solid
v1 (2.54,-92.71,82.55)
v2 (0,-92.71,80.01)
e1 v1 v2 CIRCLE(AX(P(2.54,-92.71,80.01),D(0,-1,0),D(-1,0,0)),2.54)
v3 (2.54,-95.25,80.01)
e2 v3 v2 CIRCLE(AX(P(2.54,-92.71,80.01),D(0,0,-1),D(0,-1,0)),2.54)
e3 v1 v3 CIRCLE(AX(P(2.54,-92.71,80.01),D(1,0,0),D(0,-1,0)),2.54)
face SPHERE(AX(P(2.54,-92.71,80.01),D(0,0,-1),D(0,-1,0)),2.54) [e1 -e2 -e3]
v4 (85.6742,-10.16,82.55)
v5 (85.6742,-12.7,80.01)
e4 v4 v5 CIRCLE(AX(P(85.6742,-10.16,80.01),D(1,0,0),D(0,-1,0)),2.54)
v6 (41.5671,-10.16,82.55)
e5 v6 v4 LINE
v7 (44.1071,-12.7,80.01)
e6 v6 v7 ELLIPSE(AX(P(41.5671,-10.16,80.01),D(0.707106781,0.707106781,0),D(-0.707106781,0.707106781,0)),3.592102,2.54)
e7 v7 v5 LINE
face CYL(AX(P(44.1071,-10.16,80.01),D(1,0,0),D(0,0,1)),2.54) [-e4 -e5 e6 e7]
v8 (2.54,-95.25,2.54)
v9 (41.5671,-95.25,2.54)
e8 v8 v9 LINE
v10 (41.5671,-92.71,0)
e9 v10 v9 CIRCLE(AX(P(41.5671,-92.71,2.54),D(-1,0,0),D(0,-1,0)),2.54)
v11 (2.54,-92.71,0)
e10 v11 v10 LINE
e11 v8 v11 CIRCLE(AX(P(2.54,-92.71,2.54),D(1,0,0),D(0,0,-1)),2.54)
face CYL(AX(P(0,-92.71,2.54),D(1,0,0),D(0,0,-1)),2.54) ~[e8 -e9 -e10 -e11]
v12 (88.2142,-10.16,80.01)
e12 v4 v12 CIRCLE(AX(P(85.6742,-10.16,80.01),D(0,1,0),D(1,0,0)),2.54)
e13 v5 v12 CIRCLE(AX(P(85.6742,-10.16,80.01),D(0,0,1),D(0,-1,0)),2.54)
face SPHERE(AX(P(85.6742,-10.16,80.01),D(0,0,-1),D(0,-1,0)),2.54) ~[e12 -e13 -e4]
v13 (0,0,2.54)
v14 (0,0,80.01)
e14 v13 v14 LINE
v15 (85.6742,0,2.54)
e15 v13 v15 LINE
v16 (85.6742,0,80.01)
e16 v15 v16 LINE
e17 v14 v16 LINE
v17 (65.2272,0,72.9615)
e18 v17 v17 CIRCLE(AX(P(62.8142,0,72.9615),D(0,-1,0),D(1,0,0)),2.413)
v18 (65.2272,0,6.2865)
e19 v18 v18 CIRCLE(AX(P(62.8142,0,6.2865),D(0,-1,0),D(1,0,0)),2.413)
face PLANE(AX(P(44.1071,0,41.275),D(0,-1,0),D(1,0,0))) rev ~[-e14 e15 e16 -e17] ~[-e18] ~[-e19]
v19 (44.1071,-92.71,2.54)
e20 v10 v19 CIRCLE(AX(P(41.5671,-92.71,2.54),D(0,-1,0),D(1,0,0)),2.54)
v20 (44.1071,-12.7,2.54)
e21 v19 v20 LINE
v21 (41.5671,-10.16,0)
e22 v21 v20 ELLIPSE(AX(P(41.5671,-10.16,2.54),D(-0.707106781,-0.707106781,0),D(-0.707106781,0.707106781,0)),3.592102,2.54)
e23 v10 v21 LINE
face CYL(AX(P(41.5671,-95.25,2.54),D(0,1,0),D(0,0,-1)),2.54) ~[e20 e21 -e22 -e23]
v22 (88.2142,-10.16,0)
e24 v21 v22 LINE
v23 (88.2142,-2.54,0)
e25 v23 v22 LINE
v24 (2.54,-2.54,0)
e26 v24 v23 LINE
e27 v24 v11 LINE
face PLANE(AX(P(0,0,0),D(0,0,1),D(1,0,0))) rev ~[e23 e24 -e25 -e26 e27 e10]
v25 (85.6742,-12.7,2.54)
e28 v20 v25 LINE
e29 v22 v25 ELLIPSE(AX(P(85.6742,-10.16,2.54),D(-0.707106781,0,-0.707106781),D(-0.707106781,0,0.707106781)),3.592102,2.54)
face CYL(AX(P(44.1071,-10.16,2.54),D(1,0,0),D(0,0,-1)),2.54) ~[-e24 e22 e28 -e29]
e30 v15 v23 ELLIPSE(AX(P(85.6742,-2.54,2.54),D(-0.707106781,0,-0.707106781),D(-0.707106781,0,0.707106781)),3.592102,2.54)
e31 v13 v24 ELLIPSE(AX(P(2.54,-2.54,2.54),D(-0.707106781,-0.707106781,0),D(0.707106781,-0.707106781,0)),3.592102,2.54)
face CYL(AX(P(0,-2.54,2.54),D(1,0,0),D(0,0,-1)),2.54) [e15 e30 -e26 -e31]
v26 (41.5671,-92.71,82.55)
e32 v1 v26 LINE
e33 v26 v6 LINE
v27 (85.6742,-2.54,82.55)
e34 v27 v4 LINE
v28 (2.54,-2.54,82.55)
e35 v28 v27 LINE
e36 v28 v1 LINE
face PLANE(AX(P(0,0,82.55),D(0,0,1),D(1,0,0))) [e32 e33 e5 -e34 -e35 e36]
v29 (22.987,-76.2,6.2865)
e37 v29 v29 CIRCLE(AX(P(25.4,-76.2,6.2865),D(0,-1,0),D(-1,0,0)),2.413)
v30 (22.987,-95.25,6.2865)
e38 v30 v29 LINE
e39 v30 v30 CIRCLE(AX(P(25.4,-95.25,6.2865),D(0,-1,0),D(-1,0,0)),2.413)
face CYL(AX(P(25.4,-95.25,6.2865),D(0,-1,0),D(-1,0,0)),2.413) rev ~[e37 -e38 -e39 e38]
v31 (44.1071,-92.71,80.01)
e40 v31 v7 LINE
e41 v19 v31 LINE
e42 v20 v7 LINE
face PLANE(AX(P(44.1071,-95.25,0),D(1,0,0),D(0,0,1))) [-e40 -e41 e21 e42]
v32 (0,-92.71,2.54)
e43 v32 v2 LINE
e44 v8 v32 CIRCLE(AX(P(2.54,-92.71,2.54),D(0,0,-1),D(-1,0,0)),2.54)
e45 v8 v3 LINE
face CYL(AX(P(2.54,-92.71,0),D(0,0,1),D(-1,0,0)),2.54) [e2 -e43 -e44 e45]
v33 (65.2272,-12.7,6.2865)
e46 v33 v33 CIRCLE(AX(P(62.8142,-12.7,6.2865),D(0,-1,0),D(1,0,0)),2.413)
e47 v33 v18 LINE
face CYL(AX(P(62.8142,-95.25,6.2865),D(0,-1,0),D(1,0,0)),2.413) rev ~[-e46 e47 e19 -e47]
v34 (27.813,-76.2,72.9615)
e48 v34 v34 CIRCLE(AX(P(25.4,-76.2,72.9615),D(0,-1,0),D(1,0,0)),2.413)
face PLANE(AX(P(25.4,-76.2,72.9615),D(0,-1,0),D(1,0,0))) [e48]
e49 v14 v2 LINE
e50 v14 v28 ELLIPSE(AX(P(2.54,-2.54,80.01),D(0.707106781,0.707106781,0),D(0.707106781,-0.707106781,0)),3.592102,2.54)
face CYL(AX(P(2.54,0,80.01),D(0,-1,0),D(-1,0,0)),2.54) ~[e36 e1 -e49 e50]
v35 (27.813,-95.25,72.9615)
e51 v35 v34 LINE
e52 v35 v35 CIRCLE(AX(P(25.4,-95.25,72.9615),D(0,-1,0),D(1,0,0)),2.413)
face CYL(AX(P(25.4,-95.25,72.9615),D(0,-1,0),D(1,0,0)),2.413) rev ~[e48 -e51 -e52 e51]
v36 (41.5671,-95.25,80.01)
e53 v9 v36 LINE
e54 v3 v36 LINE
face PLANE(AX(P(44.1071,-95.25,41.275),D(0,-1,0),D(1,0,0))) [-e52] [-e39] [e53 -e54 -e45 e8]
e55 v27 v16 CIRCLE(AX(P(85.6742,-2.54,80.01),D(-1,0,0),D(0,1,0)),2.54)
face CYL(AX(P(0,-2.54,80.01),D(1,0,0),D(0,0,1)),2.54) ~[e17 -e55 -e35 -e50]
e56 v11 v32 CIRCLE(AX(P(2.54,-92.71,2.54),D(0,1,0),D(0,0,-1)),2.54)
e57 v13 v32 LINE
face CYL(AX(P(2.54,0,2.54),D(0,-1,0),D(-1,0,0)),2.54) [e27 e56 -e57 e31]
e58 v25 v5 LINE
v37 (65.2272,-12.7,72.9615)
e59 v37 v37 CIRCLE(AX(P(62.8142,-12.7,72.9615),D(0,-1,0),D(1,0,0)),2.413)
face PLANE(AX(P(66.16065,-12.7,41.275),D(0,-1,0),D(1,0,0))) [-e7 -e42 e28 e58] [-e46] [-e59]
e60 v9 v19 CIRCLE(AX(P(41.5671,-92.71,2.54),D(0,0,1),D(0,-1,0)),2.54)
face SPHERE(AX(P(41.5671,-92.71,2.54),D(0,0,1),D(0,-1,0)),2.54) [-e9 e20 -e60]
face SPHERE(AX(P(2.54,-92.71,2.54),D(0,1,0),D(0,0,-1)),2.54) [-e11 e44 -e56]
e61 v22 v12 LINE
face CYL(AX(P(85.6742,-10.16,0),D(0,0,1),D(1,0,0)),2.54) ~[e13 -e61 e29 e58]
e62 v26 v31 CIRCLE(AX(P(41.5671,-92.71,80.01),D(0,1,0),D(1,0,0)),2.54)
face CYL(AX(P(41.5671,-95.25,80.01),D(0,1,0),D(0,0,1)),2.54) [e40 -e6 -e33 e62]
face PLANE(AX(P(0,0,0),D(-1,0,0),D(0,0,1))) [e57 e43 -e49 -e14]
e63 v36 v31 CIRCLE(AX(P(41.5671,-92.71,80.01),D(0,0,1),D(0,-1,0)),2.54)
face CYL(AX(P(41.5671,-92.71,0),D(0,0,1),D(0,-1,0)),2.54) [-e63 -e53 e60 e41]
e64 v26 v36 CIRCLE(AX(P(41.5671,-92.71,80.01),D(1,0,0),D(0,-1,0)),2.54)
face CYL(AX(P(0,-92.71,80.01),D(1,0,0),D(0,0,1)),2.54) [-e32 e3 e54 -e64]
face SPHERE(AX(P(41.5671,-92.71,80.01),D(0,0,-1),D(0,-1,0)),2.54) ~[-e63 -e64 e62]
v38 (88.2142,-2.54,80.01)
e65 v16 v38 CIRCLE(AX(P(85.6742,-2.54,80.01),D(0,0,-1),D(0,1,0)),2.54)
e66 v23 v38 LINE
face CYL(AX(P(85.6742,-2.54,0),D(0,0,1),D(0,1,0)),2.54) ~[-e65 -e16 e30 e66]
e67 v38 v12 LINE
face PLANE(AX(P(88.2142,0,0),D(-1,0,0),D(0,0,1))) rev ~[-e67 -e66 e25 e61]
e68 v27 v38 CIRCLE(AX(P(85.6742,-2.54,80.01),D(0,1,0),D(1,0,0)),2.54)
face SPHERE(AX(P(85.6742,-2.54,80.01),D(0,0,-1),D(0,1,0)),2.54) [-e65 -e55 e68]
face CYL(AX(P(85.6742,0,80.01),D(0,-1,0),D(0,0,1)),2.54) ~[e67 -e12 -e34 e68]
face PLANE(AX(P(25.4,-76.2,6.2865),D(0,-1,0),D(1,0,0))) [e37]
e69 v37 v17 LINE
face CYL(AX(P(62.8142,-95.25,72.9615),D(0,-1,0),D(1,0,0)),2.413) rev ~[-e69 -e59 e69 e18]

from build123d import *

# Parameters (mm, degrees)
F0_W     = 88.2142
F0_H     = 82.55
F1_DEPTH = 95.25
F2_W     = 44.1071
F2_H     = 82.55
F3_DEPTH = 82.55
F4_R     = 2.54
F5_R     = 2.413
F6_DEPTH = 19.05
F7_DEPTH = 127


with BuildPart() as f1:
    # F0 (on Front) → F1 (new body)
    with BuildSketch(Plane.XZ):
        with Locations((44.1071, 41.275)):
            Rectangle(F0_W, F0_H)
    extrude(amount=F1_DEPTH)

    # F2 (on face) → F3 (cut)
    with BuildSketch(Plane.XZ.offset(95.25)):
        with Locations((66.16065, 41.275)):
            Rectangle(F2_W, F2_H)
    extrude(amount=-F3_DEPTH, mode=Mode.SUBTRACT)

    # F4
    f4_edges = [f1.edges().sort_by_distance(p)[0] for p in [
        (44.1071, -95.25, 41.275),
        (88.2142, 0, 41.275),
        (88.2142, -12.7, 41.275),
        (0, -47.625, 0),
        (22.05355, -95.25, 0),
        (0, -95.25, 41.275),
        (22.05355, -95.25, 82.55),
        (0, -47.625, 82.55),
        (44.1071, 0, 82.55),
        (44.1071, -53.975, 82.55),
        (66.16065, -12.7, 82.55),
        (88.2142, -6.35, 82.55),
        (44.1071, -53.975, 0),
        (66.16065, -12.7, 0),
        (44.1071, 0, 0),
    ]]
    fillet(f4_edges, radius=F4_R)

    # F5 (on face) → F6 (cut)
    with BuildSketch(Plane.XZ.offset(95.25)):
        with BuildLine():
            ThreePointArc((27.813, 6.2865), (25.4, 8.6995), (22.987, 6.2865))
            ThreePointArc((22.987, 6.2865), (25.4, 3.8735), (27.813, 6.2865))
        make_face()
        with Locations((25.4, 72.9615)):
            Circle(F5_R)
    extrude(amount=-F6_DEPTH, mode=Mode.SUBTRACT)

    # F5 (on face) → F7 (cut)
    with BuildSketch(Plane.XZ.offset(95.25)):
        with Locations((62.8142, 6.2865)):
            Circle(F5_R)
        with Locations((62.8142, 72.9615)):
            Circle(F5_R)
    extrude(amount=-F7_DEPTH, mode=Mode.SUBTRACT)


solid = f1.part
